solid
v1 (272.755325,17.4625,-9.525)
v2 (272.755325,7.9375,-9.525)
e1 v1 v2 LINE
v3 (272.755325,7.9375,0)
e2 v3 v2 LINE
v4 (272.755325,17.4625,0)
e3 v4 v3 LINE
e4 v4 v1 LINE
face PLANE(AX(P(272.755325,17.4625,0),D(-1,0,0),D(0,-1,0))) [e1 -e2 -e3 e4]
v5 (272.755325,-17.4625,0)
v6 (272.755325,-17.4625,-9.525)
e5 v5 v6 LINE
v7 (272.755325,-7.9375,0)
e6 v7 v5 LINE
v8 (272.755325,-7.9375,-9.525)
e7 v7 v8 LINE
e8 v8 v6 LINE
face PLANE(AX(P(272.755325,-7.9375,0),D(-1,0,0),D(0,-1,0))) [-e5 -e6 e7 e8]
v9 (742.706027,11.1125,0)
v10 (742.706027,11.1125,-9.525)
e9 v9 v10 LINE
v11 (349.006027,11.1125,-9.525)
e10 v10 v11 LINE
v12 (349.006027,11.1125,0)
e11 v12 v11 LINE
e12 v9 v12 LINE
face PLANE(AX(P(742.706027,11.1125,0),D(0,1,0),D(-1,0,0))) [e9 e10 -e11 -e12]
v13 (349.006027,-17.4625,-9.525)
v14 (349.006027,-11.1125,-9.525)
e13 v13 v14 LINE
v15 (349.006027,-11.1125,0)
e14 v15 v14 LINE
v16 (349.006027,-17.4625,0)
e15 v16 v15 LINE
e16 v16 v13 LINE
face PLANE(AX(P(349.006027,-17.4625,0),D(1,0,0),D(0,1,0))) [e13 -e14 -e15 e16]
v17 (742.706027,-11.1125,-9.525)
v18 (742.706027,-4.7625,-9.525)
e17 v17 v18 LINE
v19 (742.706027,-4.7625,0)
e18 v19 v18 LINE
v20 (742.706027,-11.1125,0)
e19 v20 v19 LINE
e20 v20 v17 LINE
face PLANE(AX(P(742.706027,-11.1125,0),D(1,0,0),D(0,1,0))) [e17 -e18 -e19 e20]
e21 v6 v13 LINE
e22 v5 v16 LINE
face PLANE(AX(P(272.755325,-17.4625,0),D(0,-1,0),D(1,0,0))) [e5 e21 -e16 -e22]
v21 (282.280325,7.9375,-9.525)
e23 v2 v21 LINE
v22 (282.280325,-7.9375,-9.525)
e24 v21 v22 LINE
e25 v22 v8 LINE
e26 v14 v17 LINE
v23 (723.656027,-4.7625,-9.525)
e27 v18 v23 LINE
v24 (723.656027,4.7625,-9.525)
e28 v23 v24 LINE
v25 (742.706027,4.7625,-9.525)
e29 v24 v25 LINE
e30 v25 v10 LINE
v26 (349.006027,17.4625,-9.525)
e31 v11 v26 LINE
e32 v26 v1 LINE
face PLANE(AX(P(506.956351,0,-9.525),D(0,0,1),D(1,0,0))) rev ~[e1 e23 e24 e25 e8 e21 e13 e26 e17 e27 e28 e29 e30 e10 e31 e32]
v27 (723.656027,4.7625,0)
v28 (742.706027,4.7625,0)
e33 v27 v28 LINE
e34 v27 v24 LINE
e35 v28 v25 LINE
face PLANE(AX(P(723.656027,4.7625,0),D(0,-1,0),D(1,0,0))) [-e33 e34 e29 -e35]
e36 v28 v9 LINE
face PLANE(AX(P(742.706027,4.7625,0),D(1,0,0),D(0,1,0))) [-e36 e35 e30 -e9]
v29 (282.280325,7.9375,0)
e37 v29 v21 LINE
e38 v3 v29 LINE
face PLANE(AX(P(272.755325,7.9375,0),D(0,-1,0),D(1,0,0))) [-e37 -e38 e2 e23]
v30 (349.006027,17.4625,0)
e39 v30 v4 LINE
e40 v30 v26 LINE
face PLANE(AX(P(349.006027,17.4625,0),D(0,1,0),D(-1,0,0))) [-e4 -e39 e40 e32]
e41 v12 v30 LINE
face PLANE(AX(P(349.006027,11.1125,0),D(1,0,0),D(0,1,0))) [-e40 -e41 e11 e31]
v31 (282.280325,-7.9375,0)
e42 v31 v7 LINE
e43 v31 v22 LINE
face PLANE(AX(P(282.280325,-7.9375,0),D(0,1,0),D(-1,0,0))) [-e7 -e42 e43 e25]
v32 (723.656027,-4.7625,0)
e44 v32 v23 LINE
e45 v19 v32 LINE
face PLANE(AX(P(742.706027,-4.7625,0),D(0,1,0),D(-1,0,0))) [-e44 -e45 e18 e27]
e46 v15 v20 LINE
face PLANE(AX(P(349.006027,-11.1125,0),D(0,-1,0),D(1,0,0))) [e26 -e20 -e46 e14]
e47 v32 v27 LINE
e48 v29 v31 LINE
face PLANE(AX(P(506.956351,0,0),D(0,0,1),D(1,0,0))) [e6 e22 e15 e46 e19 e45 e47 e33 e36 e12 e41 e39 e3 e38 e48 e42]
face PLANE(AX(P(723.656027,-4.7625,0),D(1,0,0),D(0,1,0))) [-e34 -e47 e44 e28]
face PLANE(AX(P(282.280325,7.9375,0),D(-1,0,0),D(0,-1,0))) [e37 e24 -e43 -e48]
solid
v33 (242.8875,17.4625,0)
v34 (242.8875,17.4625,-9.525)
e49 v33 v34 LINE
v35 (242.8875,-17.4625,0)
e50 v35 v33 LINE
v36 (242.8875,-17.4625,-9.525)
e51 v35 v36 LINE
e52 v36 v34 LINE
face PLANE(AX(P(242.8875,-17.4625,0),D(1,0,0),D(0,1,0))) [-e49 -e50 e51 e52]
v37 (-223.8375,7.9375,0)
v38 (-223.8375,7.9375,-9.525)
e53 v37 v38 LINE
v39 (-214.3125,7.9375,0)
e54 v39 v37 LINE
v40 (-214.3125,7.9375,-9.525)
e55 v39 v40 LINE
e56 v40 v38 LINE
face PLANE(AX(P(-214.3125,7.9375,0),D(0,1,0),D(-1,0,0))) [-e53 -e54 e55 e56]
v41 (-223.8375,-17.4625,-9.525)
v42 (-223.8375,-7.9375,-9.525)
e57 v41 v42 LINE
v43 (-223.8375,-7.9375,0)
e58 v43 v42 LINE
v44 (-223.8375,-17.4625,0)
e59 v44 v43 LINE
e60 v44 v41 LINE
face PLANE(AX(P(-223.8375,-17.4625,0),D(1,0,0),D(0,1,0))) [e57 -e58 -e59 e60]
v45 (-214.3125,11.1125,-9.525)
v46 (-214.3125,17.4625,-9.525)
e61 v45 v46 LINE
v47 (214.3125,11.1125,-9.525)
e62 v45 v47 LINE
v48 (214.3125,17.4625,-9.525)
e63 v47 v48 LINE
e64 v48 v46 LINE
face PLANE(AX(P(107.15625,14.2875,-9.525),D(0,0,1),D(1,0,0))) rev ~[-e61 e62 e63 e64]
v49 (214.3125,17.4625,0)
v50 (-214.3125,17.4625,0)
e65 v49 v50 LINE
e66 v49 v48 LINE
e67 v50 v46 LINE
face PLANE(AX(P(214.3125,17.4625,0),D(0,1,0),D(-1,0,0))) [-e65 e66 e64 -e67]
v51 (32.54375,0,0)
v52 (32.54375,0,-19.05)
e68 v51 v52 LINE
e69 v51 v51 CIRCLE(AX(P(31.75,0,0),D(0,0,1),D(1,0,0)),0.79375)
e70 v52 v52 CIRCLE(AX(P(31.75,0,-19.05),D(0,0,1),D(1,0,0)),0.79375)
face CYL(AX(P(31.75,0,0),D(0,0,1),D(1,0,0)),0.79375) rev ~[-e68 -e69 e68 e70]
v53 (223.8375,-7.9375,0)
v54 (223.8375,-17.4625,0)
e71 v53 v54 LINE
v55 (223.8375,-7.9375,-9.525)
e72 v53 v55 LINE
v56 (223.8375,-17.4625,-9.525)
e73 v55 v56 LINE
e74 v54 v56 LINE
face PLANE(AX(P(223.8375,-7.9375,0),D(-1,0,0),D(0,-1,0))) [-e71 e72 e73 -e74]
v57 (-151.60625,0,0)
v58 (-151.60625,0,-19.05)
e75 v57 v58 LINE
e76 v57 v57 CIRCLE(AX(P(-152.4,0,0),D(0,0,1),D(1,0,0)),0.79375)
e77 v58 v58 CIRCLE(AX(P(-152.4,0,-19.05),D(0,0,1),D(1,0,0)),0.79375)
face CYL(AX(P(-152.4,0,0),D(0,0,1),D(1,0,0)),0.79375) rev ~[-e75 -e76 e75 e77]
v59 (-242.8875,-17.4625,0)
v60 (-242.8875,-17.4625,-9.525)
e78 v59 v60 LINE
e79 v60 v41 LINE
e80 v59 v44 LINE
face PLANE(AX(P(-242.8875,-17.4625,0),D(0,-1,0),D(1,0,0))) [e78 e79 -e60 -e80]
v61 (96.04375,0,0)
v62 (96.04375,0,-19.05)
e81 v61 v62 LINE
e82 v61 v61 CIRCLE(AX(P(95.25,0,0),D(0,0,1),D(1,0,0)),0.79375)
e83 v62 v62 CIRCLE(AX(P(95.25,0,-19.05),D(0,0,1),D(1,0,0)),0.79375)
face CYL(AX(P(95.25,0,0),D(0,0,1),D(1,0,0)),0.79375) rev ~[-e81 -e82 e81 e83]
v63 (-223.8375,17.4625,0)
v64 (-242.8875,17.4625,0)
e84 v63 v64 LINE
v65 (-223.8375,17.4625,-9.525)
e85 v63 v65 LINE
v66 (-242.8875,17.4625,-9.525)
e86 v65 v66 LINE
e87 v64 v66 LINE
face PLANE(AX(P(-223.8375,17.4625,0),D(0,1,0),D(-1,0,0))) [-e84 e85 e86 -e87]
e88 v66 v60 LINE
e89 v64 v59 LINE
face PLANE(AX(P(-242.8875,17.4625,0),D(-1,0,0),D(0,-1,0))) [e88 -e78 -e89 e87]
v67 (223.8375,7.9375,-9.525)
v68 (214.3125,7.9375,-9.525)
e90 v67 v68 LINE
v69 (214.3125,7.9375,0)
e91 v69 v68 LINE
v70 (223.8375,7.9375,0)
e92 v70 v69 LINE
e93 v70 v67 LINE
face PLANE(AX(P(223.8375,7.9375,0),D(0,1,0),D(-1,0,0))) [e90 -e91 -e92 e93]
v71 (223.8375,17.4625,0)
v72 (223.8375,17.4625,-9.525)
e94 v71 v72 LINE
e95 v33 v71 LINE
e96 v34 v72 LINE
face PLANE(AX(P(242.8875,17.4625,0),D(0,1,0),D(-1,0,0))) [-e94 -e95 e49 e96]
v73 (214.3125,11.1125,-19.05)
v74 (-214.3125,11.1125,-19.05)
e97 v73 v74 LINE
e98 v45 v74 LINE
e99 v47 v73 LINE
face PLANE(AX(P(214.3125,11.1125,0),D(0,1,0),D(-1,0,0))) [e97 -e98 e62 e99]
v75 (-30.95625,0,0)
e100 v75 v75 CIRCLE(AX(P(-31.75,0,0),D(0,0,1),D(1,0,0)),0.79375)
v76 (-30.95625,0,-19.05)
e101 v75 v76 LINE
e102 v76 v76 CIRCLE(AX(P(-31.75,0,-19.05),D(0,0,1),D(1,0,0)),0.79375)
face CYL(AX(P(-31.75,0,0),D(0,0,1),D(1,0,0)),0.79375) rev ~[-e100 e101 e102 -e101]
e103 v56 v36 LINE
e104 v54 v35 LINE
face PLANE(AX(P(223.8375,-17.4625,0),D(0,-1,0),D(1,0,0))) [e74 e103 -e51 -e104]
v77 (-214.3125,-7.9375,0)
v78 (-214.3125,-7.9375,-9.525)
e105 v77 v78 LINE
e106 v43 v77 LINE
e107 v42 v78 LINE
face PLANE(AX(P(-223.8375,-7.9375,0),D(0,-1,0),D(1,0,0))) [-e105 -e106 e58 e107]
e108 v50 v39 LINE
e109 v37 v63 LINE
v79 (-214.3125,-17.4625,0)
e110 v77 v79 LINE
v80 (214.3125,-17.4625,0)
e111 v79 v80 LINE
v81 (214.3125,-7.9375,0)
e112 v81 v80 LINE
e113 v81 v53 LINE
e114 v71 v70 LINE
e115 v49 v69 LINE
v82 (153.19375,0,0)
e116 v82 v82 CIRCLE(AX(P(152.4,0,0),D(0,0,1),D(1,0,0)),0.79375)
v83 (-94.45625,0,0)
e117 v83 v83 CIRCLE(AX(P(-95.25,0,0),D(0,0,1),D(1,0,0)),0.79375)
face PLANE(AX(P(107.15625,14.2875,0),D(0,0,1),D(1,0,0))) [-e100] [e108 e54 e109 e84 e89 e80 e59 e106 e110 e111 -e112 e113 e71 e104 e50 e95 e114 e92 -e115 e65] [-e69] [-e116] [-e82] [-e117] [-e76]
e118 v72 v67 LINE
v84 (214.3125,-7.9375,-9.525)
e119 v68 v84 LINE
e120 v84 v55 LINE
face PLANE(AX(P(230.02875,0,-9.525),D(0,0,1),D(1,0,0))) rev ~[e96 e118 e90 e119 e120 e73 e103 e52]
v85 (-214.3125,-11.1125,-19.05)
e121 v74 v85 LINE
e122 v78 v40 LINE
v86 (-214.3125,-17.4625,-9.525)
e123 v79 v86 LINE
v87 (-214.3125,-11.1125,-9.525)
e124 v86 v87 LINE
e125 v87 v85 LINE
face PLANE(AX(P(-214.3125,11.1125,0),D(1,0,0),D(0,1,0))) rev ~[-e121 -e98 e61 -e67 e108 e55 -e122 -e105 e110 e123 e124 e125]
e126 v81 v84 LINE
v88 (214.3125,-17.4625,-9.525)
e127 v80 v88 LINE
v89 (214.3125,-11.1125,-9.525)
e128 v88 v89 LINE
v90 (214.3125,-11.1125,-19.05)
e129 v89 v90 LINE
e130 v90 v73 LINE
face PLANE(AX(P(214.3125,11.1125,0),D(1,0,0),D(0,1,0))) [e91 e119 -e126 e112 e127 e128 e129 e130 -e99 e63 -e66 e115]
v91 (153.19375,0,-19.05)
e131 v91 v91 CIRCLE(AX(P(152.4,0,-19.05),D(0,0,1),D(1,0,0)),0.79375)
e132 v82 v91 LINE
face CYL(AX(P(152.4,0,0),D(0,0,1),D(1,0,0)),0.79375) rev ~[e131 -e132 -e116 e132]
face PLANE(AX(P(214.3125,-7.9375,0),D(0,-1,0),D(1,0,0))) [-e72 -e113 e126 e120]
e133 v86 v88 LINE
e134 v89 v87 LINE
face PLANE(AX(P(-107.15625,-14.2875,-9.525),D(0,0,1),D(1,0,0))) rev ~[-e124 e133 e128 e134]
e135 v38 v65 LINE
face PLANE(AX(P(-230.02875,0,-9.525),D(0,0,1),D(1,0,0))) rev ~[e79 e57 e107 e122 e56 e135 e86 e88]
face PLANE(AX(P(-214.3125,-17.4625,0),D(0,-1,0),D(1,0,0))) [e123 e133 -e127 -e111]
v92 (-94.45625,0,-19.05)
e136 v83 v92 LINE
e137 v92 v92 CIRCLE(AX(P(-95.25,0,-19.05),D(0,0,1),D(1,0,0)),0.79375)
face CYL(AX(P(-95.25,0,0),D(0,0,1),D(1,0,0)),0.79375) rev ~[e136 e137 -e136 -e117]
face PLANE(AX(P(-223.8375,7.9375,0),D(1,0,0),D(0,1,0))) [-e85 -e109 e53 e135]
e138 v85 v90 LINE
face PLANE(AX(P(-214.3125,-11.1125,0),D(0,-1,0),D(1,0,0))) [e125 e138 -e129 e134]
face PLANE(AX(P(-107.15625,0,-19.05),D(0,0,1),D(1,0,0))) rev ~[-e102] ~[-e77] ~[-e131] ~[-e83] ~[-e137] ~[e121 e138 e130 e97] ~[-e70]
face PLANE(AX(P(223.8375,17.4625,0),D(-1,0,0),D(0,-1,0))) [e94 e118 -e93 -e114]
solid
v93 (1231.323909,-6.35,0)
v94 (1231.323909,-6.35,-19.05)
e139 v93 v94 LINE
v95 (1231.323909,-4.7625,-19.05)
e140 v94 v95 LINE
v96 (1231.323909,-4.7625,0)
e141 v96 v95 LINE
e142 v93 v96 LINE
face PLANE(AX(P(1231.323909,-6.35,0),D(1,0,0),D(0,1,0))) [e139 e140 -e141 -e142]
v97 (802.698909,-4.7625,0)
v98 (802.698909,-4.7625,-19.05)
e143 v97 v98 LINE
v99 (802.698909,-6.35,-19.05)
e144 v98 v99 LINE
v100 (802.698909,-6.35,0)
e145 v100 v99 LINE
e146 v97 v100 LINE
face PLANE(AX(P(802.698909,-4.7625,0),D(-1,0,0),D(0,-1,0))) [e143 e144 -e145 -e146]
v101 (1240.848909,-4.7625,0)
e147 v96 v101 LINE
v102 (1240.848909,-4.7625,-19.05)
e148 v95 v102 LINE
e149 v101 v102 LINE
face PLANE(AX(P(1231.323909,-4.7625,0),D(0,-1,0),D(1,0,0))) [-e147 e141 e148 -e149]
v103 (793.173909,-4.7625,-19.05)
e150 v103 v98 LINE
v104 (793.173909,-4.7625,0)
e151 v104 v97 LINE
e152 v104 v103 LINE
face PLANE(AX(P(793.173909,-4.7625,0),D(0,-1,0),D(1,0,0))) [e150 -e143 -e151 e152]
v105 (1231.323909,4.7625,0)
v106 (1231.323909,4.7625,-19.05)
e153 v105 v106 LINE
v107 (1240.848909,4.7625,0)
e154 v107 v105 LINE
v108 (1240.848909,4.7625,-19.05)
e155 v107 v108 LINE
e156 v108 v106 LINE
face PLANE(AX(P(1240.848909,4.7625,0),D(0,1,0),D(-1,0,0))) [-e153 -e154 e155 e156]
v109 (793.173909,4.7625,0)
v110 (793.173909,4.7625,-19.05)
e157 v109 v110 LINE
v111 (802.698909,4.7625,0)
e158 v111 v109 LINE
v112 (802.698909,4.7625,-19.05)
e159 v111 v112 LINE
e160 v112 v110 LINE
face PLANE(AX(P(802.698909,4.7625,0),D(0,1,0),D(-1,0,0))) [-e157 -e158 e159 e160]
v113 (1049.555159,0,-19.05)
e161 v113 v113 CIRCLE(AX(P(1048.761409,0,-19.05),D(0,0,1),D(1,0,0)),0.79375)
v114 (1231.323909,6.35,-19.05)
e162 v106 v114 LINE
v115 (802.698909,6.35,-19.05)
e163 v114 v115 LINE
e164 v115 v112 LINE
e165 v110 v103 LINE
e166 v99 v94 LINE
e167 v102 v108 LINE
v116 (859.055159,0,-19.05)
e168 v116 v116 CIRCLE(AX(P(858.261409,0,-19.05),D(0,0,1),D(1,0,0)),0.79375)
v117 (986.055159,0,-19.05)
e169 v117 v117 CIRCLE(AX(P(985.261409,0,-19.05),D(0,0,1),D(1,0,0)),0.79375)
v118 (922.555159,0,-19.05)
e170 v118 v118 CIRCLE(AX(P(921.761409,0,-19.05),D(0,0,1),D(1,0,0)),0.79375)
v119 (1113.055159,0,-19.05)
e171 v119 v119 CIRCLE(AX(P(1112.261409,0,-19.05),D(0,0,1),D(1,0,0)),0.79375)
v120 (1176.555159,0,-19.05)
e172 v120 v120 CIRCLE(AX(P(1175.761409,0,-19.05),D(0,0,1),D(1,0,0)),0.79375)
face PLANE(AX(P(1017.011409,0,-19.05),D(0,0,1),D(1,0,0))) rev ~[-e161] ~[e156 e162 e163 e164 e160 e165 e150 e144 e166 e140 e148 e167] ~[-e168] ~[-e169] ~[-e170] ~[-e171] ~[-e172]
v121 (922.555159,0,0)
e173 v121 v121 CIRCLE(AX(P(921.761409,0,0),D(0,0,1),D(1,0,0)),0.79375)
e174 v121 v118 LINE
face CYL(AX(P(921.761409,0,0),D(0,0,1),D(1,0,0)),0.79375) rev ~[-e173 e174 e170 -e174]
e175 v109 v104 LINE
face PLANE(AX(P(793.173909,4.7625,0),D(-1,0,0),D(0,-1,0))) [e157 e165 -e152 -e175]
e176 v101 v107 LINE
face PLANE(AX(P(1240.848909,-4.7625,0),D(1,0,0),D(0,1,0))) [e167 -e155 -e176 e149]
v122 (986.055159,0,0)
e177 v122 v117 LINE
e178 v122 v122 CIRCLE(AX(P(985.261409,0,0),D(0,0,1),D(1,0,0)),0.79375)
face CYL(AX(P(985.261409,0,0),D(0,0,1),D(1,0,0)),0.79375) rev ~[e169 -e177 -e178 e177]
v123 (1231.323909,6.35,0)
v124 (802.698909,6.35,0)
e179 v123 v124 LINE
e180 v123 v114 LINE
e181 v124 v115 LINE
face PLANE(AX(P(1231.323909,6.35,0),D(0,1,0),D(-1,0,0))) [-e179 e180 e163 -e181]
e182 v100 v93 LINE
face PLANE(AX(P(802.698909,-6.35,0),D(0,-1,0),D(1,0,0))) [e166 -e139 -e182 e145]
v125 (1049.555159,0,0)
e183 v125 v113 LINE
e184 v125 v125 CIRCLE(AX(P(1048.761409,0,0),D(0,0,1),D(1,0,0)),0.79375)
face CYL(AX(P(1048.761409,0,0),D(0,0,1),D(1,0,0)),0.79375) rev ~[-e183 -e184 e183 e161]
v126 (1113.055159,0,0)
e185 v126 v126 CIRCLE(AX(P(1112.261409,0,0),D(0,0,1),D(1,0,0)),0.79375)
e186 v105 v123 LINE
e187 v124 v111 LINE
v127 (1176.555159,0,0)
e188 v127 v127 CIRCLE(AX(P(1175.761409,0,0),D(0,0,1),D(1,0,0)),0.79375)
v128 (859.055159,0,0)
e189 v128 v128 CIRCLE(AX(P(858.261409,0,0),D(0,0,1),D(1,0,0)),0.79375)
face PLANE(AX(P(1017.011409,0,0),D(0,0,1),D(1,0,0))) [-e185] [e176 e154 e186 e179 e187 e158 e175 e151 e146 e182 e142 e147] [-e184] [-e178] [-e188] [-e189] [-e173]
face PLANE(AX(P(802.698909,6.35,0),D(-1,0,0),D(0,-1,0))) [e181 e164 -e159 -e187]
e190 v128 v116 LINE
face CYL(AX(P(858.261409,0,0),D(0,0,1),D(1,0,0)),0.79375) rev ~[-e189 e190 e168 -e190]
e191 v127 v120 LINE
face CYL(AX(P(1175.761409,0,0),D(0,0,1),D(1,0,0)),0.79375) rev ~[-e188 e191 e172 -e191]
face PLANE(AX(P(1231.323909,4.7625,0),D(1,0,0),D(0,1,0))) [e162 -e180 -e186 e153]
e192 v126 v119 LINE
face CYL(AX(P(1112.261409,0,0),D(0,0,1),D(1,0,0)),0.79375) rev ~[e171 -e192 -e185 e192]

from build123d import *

# Parameters (mm, degrees)
F0_R     = 0.79375
F1_DEPTH = 19.05
F0_W     = 214.3125
F0_H     = 6.35
F2_DEPTH = 9.525
F3_DEPTH = 9.525
F4_DEPTH = 19.05


with BuildPart() as f1:
    # F0 (on Top) → F1 (new body)
    with BuildSketch(Plane.XY):
        Polygon((0, -11.1125), (0, 0), (0, 11.1125), (-214.3125, 11.1125), (-214.3125, 7.9375), (-214.3125, 0), (-214.3125, -7.9375), (-214.3125, -11.1125), align=None)
        with Locations((-152.4, 0)):
            Circle(F0_R, mode=Mode.SUBTRACT)
        with Locations((-95.25, 0)):
            Circle(F0_R, mode=Mode.SUBTRACT)
        with Locations((-31.75, 0)):
            Circle(F0_R, mode=Mode.SUBTRACT)
        Polygon((0, 11.1125), (0, 0), (0, -11.1125), (214.3125, -11.1125), (214.3125, -7.9375), (214.3125, 0), (214.3125, 7.9375), (214.3125, 11.1125), align=None)
        with Locations((31.75, 0)):
            Circle(F0_R, mode=Mode.SUBTRACT)
        with Locations((95.25, 0)):
            Circle(F0_R, mode=Mode.SUBTRACT)
        with Locations((152.4, 0)):
            Circle(F0_R, mode=Mode.SUBTRACT)
    extrude(amount=-F1_DEPTH)

    # F0 (on Top) → F2 (join)
    with BuildSketch(Plane.XY):
        Polygon((-214.3125, 0), (-214.3125, 7.9375), (-223.8375, 7.9375), (-223.8375, 17.4625), (-242.8875, 17.4625), (-242.8875, 0), (-242.8875, -17.4625), (-223.8375, -17.4625), (-223.8375, -7.9375), (-214.3125, -7.9375), align=None)
        Polygon((223.8375, 7.9375), (214.3125, 7.9375), (214.3125, 0), (214.3125, -7.9375), (223.8375, -7.9375), (223.8375, -17.4625), (242.8875, -17.4625), (242.8875, 0), (242.8875, 17.4625), (223.8375, 17.4625), align=None)
        with Locations((107.15625, 14.2875)):
            Rectangle(F0_W, F0_H)
        with Locations((-107.15625, 14.2875)):
            Rectangle(F0_W, F0_H)
        with Locations((-107.15625, -14.2875)):
            Rectangle(F0_W, F0_H)
        with Locations((107.15625, -14.2875)):
            Rectangle(F0_W, F0_H)
    extrude(amount=-F2_DEPTH)


with BuildPart() as f3:
    # F0 (on Top) → F3 (new body)
    with BuildSketch(Plane.XY):
        Polygon((349.006027, 17.4625), (272.755325, 17.4625), (272.755325, 7.9375), (282.280325, 7.9375), (282.280325, -7.9375), (272.755325, -7.9375), (272.755325, -17.4625), (349.006027, -17.4625), (349.006027, -11.1125), (742.706027, -11.1125), (742.706027, -4.7625), (723.656027, -4.7625), (723.656027, 4.7625), (742.706027, 4.7625), (742.706027, 11.1125), (349.006027, 11.1125), align=None)
    extrude(amount=-F3_DEPTH)


with BuildPart() as f4:
    # F0 (on Top) → F4 (new body)
    with BuildSketch(Plane.XY):
        Polygon((793.173909, 4.7625), (793.173909, -4.7625), (802.698909, -4.7625), (802.698909, -6.35), (1231.323909, -6.35), (1231.323909, -4.7625), (1240.848909, -4.7625), (1240.848909, 4.7625), (1231.323909, 4.7625), (1231.323909, 6.35), (802.698909, 6.35), (802.698909, 4.7625), align=None)
        with Locations((858.261409, 0)):
            Circle(F0_R, mode=Mode.SUBTRACT)
        with Locations((921.761409, 0)):
            Circle(F0_R, mode=Mode.SUBTRACT)
        with Locations((985.261409, 0)):
            Circle(F0_R, mode=Mode.SUBTRACT)
        with Locations((1048.761409, 0)):
            Circle(F0_R, mode=Mode.SUBTRACT)
        with Locations((1112.261409, 0)):
            Circle(F0_R, mode=Mode.SUBTRACT)
        with Locations((1175.761409, 0)):
            Circle(F0_R, mode=Mode.SUBTRACT)
    extrude(amount=-F4_DEPTH)


solid = Compound([f1.part, f3.part, f4.part])
